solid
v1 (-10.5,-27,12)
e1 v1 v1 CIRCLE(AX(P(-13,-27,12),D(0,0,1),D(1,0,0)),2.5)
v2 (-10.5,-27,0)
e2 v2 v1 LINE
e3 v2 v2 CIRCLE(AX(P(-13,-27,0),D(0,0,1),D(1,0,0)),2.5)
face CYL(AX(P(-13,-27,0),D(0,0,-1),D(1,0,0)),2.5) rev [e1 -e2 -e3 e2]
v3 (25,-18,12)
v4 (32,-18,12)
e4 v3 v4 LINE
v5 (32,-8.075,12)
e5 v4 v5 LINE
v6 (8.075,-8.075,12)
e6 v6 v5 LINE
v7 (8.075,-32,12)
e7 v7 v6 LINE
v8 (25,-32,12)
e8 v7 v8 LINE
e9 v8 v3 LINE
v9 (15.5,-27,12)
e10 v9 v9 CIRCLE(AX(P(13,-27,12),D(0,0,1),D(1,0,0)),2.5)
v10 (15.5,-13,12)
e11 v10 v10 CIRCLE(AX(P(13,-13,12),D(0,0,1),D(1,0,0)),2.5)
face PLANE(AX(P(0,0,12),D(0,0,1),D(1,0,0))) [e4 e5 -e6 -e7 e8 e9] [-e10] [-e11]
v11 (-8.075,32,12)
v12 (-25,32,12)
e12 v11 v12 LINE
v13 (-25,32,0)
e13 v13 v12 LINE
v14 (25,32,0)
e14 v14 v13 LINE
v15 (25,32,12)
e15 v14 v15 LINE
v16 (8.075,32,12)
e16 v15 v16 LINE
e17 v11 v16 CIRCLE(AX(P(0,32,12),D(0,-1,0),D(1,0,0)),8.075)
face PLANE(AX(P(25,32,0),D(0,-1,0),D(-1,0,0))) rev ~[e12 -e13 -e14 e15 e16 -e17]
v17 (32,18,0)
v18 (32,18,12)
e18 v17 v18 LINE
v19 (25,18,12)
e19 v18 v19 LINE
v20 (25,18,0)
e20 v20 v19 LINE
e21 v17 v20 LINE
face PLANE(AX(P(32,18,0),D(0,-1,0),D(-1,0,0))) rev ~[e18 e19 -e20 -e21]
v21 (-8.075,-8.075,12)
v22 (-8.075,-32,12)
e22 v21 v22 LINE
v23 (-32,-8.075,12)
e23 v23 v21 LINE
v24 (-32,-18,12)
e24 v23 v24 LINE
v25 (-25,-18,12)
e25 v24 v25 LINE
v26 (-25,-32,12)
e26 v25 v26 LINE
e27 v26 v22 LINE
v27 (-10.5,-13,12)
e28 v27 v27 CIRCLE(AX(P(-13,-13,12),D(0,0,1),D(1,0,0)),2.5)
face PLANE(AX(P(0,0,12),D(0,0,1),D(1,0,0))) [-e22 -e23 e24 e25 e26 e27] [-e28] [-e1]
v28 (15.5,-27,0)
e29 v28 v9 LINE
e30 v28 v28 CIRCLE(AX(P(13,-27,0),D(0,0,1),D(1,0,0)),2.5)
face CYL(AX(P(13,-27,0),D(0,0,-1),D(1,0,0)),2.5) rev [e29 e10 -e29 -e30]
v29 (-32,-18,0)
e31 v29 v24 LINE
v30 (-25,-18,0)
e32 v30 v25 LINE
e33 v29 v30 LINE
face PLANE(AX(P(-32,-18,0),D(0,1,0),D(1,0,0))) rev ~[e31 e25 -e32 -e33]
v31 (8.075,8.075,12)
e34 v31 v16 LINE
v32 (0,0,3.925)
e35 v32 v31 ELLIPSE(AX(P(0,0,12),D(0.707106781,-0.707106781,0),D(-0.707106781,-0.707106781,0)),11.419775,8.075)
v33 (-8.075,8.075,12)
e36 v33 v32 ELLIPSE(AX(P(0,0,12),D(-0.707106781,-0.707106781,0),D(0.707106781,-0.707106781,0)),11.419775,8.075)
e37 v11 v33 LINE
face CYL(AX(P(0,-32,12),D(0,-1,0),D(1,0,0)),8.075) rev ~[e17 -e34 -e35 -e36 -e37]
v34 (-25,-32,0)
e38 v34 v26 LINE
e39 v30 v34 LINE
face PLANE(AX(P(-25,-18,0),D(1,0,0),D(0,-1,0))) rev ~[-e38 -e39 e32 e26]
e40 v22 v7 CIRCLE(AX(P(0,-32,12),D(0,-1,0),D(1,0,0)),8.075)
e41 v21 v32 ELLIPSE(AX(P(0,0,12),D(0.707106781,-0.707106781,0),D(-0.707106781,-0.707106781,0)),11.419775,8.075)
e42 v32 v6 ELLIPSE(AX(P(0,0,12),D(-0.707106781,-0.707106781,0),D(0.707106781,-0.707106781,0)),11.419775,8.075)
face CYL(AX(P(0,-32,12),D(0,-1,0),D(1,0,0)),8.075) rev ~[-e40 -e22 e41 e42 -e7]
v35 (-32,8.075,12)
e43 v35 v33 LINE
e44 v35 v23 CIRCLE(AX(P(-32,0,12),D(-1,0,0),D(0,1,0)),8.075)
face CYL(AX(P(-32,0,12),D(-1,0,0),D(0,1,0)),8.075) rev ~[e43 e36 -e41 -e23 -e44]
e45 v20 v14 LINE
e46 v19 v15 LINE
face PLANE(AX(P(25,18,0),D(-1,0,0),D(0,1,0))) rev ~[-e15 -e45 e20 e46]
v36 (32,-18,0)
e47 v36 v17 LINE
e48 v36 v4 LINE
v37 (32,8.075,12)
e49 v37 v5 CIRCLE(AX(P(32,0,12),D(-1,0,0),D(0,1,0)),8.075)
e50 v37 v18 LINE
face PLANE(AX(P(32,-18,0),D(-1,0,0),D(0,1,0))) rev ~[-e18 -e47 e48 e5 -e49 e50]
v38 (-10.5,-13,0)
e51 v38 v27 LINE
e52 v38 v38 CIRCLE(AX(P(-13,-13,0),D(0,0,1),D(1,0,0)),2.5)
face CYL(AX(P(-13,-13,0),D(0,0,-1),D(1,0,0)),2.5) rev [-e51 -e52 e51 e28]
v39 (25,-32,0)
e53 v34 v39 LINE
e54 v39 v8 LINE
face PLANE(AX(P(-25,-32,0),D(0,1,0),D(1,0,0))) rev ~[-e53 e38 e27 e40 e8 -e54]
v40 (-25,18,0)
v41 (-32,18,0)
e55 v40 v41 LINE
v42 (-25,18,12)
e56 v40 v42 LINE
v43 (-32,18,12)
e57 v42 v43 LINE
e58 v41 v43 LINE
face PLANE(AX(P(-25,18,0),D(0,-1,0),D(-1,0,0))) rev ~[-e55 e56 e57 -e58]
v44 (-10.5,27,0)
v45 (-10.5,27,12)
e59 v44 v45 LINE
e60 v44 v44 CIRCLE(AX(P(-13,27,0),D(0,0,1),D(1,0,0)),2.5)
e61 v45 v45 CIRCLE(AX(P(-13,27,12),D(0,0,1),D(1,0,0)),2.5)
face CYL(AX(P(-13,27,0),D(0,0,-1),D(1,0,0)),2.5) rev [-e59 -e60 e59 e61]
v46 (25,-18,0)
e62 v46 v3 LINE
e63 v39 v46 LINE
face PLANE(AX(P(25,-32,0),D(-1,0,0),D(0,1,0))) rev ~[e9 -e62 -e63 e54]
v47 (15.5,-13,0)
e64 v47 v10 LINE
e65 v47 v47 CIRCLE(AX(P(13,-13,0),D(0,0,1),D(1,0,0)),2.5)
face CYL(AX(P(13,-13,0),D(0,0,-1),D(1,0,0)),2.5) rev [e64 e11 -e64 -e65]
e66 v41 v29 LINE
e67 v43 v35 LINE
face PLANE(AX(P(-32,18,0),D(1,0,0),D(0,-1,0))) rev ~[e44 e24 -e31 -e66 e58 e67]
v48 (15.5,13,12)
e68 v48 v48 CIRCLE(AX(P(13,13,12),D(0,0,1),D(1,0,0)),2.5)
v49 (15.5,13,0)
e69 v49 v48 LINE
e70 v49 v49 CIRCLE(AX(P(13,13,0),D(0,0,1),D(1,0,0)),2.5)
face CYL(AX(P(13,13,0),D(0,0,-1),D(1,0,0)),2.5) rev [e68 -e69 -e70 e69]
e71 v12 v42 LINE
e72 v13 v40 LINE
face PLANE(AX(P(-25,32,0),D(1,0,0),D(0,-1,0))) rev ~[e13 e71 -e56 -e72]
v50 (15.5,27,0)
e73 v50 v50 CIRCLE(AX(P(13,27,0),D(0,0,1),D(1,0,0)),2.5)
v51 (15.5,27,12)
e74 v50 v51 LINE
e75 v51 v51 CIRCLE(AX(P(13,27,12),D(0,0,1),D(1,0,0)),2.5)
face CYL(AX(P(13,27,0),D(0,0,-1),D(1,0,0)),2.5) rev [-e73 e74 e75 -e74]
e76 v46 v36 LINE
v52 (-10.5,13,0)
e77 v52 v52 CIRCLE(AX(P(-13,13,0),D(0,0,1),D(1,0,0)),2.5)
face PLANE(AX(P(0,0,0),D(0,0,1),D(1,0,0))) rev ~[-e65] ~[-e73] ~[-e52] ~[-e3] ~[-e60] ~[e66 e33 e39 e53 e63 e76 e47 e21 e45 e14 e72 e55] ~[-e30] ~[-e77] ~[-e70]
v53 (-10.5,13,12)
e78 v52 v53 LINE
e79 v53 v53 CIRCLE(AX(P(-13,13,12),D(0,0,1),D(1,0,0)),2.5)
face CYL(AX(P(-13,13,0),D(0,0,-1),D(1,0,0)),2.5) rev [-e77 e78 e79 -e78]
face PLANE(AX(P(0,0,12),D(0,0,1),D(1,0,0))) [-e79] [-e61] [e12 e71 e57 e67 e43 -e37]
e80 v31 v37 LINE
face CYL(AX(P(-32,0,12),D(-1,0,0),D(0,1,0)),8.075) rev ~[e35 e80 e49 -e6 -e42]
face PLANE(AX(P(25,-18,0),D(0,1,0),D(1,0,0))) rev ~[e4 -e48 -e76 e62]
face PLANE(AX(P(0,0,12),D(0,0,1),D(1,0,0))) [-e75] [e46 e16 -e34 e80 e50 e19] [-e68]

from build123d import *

# Parameters (mm, degrees)
F0_R     = 2.5
F1_DEPTH = 12
F0_W     = 7
F0_H     = 14
F2_DEPTH = 12.001
F3_R     = 8.075
F4_DEPTH = 64.001
F6_DEPTH = 64.001


with BuildPart() as f1:
    # F0 (on Top) → F1 (new body)
    with BuildSketch(Plane.XY):
        Polygon((-25, -32), (25, -32), (25, -18), (32, -18), (32, 18), (25, 18), (25, 32), (-25, 32), (-25, 18), (-32, 18), (-32, -18), (-25, -18), align=None)
        with Locations((-13, -27)):
            Circle(F0_R, mode=Mode.SUBTRACT)
        with Locations((-13, -13)):
            Circle(F0_R, mode=Mode.SUBTRACT)
        with Locations((13, -27)):
            Circle(F0_R, mode=Mode.SUBTRACT)
        with Locations((13, -13)):
            Circle(F0_R, mode=Mode.SUBTRACT)
        with Locations((-13, 13)):
            Circle(F0_R, mode=Mode.SUBTRACT)
        with Locations((-13, 27)):
            Circle(F0_R, mode=Mode.SUBTRACT)
        with Locations((13, 13)):
            Circle(F0_R, mode=Mode.SUBTRACT)
        with Locations((13, 27)):
            Circle(F0_R, mode=Mode.SUBTRACT)
    extrude(amount=F1_DEPTH)

    # F0 (on Top) → F2 (cut, through all)
    with BuildSketch(Plane.XY):
        with Locations((28.5, -25)):
            Rectangle(F0_W, F0_H)
        with Locations((-28.5, -25)):
            Rectangle(F0_W, F0_H)
    extrude(amount=F2_DEPTH, mode=Mode.SUBTRACT)

    # F3 (on face) → F4 (cut, through all)
    with BuildSketch(Plane.XZ.offset(32)):
        with Locations((0, 12)):
            Circle(F3_R)
    extrude(amount=-F4_DEPTH, mode=Mode.SUBTRACT)

    # F5 (on face) → F6 (cut, through all)
    with BuildSketch(Plane(origin=(-32, 0, 0), x_dir=(0, -1, 0), z_dir=(-1, 0, 0))):
        with BuildLine():
            ThreePointArc((-8.075, 12), (0, 3.925), (8.075, 12))
            Line((8.075, 12), (-8.075, 12))
        make_face()
    extrude(amount=-F6_DEPTH, mode=Mode.SUBTRACT)


solid = f1.part
